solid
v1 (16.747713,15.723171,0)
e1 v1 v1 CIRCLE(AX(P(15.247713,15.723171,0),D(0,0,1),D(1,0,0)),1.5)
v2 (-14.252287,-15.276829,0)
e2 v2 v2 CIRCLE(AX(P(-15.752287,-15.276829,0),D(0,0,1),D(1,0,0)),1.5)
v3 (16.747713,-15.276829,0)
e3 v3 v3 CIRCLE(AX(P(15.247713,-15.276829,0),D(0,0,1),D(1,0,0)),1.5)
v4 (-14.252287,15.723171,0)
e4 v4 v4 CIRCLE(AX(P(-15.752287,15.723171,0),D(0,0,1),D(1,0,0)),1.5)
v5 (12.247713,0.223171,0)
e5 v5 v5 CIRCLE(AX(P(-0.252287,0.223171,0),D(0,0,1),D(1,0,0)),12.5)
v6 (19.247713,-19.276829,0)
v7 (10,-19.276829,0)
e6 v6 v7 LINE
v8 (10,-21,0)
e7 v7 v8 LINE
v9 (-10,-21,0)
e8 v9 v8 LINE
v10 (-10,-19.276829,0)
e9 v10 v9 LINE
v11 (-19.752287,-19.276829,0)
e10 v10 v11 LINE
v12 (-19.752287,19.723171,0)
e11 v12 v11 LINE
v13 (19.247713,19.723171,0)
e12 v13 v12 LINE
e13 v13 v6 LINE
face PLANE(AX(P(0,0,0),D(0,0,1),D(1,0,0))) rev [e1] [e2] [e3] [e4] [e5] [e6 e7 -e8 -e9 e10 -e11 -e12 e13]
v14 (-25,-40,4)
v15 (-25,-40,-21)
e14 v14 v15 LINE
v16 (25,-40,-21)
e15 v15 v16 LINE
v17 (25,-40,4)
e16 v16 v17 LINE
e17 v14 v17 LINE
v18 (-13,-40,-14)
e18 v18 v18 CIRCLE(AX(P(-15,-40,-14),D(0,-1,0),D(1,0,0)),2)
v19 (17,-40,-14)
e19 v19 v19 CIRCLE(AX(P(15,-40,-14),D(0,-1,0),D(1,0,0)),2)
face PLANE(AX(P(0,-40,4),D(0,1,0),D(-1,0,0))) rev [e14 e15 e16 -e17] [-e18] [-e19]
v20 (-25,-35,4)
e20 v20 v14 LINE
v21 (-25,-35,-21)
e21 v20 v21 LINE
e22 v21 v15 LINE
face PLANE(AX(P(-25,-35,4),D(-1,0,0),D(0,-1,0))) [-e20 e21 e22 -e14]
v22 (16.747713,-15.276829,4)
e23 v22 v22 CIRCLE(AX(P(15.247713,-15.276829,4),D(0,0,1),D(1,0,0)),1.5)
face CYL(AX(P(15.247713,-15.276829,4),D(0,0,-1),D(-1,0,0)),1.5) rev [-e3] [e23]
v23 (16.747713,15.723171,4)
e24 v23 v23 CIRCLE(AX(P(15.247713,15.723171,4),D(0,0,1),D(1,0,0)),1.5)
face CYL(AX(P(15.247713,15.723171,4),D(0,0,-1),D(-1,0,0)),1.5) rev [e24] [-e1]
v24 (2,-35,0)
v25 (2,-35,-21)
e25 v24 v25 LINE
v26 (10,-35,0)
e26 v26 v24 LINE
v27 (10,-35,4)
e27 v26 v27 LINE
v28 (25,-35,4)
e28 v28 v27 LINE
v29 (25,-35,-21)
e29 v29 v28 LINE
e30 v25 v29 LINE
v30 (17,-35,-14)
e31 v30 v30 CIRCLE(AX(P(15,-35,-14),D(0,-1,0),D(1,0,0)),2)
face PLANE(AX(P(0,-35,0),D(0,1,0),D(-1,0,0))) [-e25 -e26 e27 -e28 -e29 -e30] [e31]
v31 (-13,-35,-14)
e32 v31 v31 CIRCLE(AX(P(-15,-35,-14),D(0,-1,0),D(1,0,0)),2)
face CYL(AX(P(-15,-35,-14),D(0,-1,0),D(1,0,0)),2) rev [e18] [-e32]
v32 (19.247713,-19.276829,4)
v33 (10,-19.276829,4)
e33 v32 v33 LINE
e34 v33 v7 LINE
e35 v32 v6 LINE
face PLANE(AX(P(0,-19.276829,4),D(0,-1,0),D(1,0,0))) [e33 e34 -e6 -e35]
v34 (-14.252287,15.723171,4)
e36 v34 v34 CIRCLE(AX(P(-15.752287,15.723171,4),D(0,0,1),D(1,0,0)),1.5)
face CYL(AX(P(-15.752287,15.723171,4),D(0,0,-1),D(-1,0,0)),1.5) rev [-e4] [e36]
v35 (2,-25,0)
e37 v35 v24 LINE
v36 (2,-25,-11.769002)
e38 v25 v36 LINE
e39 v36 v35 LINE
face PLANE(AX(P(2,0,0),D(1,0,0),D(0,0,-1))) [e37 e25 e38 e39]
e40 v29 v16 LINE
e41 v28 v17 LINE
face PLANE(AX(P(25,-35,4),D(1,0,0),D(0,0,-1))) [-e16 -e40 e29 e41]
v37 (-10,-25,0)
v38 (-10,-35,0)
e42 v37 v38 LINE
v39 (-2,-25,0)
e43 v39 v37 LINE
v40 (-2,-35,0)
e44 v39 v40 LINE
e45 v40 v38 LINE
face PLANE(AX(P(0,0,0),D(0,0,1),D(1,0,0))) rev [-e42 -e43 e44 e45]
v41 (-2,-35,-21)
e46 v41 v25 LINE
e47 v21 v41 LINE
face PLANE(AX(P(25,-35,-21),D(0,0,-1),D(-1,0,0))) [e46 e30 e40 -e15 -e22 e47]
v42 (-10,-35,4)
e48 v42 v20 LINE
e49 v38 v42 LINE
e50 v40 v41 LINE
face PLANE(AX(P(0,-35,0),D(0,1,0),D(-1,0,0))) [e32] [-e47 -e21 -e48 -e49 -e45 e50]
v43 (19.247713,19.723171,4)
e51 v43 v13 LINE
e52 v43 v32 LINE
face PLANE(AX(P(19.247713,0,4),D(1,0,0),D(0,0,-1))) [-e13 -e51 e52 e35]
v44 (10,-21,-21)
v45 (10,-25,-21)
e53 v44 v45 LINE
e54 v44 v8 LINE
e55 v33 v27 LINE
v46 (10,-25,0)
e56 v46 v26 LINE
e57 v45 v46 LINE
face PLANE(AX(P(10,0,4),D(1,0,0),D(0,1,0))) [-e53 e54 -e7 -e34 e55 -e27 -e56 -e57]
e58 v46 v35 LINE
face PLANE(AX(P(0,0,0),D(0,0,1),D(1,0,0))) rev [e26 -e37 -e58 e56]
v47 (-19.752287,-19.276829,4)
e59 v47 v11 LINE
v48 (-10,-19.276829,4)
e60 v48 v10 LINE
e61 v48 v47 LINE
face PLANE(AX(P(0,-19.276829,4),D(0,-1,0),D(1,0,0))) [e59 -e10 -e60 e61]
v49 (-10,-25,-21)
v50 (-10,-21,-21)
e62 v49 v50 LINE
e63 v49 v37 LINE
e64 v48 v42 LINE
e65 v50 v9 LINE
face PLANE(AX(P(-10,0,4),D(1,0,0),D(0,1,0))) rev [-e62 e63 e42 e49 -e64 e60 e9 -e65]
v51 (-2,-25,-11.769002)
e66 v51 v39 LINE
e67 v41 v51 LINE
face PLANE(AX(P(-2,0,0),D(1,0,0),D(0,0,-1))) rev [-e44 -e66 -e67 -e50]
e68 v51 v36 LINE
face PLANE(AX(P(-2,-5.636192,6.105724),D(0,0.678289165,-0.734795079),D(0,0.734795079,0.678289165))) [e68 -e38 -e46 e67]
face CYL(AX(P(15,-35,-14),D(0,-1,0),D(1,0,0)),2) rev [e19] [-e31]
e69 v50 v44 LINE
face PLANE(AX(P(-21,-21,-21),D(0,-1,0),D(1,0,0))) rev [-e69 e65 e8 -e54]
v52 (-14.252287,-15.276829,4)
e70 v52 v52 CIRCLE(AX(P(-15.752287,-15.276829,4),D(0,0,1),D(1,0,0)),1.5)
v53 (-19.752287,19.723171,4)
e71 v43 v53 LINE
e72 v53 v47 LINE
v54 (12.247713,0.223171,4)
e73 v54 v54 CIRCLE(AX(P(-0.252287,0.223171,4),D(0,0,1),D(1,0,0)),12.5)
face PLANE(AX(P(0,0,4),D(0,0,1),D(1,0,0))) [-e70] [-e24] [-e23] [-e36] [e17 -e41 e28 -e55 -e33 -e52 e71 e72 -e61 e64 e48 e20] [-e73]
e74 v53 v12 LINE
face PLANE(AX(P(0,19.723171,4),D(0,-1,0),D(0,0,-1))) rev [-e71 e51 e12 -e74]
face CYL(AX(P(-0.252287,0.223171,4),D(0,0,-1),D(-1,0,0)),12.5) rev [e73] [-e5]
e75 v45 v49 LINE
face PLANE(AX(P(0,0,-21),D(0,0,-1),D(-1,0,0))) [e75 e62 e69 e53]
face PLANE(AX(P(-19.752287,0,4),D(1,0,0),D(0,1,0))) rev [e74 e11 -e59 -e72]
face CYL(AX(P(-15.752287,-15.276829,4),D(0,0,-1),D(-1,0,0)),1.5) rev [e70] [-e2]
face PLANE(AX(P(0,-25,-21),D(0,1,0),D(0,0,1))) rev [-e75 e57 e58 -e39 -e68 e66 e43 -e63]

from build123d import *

# Parameters (mm, degrees)
SKETCH1_R                = 1.5
SKETCH1_R_2              = 12.5
BOSS_EXTRUDE1_DEPTH      = 4
SKETCH2_W                = 50
SKETCH2_H                = 25
SKETCH2_R                = 2
BOSS_EXTRUDE2_DEPTH      = 5
BOSS_EXTRUDE3_DEPTH      = 2
BOSS_EXTRUDE3_DEPTH_BACK = 2
SKETCH6_W                = 42
SKETCH6_H                = 42
CUT_EXTRUDE1_DEPTH       = 52.633322574
SKETCH6_3_W              = 20
SKETCH6_3_H              = 4
BOSS_EXTRUDE4_DEPTH      = 21


with BuildPart() as part:
    # Sketch1 → Boss-Extrude1 (new body)
    with BuildSketch(Plane.XY):
        Polygon((19.247712685, -19.276828776), (19.247712685, 19.723171224), (-19.752287315, 19.723171224), (-19.752287315, -19.276828776), (-10, -19.276828776), (-10, -40), (10, -40), (10, -19.276828776), align=None)
        with Locations((-15.752287315, 15.723171224)):
            Circle(SKETCH1_R, mode=Mode.SUBTRACT)
        with Locations((-15.752287315, -15.276828776)):
            Circle(SKETCH1_R, mode=Mode.SUBTRACT)
        with Locations((-0.252287315, 0.223171224)):
            Circle(SKETCH1_R_2, mode=Mode.SUBTRACT)
        with Locations((15.247712685, -15.276828776)):
            Circle(SKETCH1_R, mode=Mode.SUBTRACT)
        with Locations((15.247712685, 15.723171224)):
            Circle(SKETCH1_R, mode=Mode.SUBTRACT)
    extrude(amount=BOSS_EXTRUDE1_DEPTH)

    # Sketch2 → Boss-Extrude2 (add)
    with BuildSketch(Plane.XZ.offset(40)):
        with Locations((0, -8.5)):
            Rectangle(SKETCH2_W, SKETCH2_H)
        with Locations((-15, -14)):
            Circle(SKETCH2_R, mode=Mode.SUBTRACT)
        with Locations((15, -14)):
            Circle(SKETCH2_R, mode=Mode.SUBTRACT)
    extrude(amount=-BOSS_EXTRUDE2_DEPTH)

    # Sketch5 → Boss-Extrude3 (add, two sides: drawn at the far end of the back side and taken through both)
    with BuildSketch(Plane(origin=(0, 0, 0), x_dir=(0, 0, -1), z_dir=(1, 0, 0)).offset(-BOSS_EXTRUDE3_DEPTH_BACK)):
        Polygon((21, -35), (0, -12.250562953), (0, -35), align=None)
    extrude(amount=BOSS_EXTRUDE3_DEPTH + BOSS_EXTRUDE3_DEPTH_BACK)

    # Sketch6 → Cut-Extrude1 (cut, through all)
    with BuildSketch(Plane(origin=(0, 0, 0), x_dir=(-1, 0, 0), z_dir=(0, 0, -1))):
        Rectangle(SKETCH6_W, SKETCH6_H)
    extrude(amount=CUT_EXTRUDE1_DEPTH, mode=Mode.SUBTRACT)

    # Sketch6<3> → Boss-Extrude4 (add, through all)
    with BuildSketch(Plane(origin=(0, 0, 0), x_dir=(-1, 0, 0), z_dir=(0, 0, -1))):
        with Locations((0, -23)):
            Rectangle(SKETCH6_3_W, SKETCH6_3_H)
    extrude(amount=BOSS_EXTRUDE4_DEPTH)


solid = part.part
